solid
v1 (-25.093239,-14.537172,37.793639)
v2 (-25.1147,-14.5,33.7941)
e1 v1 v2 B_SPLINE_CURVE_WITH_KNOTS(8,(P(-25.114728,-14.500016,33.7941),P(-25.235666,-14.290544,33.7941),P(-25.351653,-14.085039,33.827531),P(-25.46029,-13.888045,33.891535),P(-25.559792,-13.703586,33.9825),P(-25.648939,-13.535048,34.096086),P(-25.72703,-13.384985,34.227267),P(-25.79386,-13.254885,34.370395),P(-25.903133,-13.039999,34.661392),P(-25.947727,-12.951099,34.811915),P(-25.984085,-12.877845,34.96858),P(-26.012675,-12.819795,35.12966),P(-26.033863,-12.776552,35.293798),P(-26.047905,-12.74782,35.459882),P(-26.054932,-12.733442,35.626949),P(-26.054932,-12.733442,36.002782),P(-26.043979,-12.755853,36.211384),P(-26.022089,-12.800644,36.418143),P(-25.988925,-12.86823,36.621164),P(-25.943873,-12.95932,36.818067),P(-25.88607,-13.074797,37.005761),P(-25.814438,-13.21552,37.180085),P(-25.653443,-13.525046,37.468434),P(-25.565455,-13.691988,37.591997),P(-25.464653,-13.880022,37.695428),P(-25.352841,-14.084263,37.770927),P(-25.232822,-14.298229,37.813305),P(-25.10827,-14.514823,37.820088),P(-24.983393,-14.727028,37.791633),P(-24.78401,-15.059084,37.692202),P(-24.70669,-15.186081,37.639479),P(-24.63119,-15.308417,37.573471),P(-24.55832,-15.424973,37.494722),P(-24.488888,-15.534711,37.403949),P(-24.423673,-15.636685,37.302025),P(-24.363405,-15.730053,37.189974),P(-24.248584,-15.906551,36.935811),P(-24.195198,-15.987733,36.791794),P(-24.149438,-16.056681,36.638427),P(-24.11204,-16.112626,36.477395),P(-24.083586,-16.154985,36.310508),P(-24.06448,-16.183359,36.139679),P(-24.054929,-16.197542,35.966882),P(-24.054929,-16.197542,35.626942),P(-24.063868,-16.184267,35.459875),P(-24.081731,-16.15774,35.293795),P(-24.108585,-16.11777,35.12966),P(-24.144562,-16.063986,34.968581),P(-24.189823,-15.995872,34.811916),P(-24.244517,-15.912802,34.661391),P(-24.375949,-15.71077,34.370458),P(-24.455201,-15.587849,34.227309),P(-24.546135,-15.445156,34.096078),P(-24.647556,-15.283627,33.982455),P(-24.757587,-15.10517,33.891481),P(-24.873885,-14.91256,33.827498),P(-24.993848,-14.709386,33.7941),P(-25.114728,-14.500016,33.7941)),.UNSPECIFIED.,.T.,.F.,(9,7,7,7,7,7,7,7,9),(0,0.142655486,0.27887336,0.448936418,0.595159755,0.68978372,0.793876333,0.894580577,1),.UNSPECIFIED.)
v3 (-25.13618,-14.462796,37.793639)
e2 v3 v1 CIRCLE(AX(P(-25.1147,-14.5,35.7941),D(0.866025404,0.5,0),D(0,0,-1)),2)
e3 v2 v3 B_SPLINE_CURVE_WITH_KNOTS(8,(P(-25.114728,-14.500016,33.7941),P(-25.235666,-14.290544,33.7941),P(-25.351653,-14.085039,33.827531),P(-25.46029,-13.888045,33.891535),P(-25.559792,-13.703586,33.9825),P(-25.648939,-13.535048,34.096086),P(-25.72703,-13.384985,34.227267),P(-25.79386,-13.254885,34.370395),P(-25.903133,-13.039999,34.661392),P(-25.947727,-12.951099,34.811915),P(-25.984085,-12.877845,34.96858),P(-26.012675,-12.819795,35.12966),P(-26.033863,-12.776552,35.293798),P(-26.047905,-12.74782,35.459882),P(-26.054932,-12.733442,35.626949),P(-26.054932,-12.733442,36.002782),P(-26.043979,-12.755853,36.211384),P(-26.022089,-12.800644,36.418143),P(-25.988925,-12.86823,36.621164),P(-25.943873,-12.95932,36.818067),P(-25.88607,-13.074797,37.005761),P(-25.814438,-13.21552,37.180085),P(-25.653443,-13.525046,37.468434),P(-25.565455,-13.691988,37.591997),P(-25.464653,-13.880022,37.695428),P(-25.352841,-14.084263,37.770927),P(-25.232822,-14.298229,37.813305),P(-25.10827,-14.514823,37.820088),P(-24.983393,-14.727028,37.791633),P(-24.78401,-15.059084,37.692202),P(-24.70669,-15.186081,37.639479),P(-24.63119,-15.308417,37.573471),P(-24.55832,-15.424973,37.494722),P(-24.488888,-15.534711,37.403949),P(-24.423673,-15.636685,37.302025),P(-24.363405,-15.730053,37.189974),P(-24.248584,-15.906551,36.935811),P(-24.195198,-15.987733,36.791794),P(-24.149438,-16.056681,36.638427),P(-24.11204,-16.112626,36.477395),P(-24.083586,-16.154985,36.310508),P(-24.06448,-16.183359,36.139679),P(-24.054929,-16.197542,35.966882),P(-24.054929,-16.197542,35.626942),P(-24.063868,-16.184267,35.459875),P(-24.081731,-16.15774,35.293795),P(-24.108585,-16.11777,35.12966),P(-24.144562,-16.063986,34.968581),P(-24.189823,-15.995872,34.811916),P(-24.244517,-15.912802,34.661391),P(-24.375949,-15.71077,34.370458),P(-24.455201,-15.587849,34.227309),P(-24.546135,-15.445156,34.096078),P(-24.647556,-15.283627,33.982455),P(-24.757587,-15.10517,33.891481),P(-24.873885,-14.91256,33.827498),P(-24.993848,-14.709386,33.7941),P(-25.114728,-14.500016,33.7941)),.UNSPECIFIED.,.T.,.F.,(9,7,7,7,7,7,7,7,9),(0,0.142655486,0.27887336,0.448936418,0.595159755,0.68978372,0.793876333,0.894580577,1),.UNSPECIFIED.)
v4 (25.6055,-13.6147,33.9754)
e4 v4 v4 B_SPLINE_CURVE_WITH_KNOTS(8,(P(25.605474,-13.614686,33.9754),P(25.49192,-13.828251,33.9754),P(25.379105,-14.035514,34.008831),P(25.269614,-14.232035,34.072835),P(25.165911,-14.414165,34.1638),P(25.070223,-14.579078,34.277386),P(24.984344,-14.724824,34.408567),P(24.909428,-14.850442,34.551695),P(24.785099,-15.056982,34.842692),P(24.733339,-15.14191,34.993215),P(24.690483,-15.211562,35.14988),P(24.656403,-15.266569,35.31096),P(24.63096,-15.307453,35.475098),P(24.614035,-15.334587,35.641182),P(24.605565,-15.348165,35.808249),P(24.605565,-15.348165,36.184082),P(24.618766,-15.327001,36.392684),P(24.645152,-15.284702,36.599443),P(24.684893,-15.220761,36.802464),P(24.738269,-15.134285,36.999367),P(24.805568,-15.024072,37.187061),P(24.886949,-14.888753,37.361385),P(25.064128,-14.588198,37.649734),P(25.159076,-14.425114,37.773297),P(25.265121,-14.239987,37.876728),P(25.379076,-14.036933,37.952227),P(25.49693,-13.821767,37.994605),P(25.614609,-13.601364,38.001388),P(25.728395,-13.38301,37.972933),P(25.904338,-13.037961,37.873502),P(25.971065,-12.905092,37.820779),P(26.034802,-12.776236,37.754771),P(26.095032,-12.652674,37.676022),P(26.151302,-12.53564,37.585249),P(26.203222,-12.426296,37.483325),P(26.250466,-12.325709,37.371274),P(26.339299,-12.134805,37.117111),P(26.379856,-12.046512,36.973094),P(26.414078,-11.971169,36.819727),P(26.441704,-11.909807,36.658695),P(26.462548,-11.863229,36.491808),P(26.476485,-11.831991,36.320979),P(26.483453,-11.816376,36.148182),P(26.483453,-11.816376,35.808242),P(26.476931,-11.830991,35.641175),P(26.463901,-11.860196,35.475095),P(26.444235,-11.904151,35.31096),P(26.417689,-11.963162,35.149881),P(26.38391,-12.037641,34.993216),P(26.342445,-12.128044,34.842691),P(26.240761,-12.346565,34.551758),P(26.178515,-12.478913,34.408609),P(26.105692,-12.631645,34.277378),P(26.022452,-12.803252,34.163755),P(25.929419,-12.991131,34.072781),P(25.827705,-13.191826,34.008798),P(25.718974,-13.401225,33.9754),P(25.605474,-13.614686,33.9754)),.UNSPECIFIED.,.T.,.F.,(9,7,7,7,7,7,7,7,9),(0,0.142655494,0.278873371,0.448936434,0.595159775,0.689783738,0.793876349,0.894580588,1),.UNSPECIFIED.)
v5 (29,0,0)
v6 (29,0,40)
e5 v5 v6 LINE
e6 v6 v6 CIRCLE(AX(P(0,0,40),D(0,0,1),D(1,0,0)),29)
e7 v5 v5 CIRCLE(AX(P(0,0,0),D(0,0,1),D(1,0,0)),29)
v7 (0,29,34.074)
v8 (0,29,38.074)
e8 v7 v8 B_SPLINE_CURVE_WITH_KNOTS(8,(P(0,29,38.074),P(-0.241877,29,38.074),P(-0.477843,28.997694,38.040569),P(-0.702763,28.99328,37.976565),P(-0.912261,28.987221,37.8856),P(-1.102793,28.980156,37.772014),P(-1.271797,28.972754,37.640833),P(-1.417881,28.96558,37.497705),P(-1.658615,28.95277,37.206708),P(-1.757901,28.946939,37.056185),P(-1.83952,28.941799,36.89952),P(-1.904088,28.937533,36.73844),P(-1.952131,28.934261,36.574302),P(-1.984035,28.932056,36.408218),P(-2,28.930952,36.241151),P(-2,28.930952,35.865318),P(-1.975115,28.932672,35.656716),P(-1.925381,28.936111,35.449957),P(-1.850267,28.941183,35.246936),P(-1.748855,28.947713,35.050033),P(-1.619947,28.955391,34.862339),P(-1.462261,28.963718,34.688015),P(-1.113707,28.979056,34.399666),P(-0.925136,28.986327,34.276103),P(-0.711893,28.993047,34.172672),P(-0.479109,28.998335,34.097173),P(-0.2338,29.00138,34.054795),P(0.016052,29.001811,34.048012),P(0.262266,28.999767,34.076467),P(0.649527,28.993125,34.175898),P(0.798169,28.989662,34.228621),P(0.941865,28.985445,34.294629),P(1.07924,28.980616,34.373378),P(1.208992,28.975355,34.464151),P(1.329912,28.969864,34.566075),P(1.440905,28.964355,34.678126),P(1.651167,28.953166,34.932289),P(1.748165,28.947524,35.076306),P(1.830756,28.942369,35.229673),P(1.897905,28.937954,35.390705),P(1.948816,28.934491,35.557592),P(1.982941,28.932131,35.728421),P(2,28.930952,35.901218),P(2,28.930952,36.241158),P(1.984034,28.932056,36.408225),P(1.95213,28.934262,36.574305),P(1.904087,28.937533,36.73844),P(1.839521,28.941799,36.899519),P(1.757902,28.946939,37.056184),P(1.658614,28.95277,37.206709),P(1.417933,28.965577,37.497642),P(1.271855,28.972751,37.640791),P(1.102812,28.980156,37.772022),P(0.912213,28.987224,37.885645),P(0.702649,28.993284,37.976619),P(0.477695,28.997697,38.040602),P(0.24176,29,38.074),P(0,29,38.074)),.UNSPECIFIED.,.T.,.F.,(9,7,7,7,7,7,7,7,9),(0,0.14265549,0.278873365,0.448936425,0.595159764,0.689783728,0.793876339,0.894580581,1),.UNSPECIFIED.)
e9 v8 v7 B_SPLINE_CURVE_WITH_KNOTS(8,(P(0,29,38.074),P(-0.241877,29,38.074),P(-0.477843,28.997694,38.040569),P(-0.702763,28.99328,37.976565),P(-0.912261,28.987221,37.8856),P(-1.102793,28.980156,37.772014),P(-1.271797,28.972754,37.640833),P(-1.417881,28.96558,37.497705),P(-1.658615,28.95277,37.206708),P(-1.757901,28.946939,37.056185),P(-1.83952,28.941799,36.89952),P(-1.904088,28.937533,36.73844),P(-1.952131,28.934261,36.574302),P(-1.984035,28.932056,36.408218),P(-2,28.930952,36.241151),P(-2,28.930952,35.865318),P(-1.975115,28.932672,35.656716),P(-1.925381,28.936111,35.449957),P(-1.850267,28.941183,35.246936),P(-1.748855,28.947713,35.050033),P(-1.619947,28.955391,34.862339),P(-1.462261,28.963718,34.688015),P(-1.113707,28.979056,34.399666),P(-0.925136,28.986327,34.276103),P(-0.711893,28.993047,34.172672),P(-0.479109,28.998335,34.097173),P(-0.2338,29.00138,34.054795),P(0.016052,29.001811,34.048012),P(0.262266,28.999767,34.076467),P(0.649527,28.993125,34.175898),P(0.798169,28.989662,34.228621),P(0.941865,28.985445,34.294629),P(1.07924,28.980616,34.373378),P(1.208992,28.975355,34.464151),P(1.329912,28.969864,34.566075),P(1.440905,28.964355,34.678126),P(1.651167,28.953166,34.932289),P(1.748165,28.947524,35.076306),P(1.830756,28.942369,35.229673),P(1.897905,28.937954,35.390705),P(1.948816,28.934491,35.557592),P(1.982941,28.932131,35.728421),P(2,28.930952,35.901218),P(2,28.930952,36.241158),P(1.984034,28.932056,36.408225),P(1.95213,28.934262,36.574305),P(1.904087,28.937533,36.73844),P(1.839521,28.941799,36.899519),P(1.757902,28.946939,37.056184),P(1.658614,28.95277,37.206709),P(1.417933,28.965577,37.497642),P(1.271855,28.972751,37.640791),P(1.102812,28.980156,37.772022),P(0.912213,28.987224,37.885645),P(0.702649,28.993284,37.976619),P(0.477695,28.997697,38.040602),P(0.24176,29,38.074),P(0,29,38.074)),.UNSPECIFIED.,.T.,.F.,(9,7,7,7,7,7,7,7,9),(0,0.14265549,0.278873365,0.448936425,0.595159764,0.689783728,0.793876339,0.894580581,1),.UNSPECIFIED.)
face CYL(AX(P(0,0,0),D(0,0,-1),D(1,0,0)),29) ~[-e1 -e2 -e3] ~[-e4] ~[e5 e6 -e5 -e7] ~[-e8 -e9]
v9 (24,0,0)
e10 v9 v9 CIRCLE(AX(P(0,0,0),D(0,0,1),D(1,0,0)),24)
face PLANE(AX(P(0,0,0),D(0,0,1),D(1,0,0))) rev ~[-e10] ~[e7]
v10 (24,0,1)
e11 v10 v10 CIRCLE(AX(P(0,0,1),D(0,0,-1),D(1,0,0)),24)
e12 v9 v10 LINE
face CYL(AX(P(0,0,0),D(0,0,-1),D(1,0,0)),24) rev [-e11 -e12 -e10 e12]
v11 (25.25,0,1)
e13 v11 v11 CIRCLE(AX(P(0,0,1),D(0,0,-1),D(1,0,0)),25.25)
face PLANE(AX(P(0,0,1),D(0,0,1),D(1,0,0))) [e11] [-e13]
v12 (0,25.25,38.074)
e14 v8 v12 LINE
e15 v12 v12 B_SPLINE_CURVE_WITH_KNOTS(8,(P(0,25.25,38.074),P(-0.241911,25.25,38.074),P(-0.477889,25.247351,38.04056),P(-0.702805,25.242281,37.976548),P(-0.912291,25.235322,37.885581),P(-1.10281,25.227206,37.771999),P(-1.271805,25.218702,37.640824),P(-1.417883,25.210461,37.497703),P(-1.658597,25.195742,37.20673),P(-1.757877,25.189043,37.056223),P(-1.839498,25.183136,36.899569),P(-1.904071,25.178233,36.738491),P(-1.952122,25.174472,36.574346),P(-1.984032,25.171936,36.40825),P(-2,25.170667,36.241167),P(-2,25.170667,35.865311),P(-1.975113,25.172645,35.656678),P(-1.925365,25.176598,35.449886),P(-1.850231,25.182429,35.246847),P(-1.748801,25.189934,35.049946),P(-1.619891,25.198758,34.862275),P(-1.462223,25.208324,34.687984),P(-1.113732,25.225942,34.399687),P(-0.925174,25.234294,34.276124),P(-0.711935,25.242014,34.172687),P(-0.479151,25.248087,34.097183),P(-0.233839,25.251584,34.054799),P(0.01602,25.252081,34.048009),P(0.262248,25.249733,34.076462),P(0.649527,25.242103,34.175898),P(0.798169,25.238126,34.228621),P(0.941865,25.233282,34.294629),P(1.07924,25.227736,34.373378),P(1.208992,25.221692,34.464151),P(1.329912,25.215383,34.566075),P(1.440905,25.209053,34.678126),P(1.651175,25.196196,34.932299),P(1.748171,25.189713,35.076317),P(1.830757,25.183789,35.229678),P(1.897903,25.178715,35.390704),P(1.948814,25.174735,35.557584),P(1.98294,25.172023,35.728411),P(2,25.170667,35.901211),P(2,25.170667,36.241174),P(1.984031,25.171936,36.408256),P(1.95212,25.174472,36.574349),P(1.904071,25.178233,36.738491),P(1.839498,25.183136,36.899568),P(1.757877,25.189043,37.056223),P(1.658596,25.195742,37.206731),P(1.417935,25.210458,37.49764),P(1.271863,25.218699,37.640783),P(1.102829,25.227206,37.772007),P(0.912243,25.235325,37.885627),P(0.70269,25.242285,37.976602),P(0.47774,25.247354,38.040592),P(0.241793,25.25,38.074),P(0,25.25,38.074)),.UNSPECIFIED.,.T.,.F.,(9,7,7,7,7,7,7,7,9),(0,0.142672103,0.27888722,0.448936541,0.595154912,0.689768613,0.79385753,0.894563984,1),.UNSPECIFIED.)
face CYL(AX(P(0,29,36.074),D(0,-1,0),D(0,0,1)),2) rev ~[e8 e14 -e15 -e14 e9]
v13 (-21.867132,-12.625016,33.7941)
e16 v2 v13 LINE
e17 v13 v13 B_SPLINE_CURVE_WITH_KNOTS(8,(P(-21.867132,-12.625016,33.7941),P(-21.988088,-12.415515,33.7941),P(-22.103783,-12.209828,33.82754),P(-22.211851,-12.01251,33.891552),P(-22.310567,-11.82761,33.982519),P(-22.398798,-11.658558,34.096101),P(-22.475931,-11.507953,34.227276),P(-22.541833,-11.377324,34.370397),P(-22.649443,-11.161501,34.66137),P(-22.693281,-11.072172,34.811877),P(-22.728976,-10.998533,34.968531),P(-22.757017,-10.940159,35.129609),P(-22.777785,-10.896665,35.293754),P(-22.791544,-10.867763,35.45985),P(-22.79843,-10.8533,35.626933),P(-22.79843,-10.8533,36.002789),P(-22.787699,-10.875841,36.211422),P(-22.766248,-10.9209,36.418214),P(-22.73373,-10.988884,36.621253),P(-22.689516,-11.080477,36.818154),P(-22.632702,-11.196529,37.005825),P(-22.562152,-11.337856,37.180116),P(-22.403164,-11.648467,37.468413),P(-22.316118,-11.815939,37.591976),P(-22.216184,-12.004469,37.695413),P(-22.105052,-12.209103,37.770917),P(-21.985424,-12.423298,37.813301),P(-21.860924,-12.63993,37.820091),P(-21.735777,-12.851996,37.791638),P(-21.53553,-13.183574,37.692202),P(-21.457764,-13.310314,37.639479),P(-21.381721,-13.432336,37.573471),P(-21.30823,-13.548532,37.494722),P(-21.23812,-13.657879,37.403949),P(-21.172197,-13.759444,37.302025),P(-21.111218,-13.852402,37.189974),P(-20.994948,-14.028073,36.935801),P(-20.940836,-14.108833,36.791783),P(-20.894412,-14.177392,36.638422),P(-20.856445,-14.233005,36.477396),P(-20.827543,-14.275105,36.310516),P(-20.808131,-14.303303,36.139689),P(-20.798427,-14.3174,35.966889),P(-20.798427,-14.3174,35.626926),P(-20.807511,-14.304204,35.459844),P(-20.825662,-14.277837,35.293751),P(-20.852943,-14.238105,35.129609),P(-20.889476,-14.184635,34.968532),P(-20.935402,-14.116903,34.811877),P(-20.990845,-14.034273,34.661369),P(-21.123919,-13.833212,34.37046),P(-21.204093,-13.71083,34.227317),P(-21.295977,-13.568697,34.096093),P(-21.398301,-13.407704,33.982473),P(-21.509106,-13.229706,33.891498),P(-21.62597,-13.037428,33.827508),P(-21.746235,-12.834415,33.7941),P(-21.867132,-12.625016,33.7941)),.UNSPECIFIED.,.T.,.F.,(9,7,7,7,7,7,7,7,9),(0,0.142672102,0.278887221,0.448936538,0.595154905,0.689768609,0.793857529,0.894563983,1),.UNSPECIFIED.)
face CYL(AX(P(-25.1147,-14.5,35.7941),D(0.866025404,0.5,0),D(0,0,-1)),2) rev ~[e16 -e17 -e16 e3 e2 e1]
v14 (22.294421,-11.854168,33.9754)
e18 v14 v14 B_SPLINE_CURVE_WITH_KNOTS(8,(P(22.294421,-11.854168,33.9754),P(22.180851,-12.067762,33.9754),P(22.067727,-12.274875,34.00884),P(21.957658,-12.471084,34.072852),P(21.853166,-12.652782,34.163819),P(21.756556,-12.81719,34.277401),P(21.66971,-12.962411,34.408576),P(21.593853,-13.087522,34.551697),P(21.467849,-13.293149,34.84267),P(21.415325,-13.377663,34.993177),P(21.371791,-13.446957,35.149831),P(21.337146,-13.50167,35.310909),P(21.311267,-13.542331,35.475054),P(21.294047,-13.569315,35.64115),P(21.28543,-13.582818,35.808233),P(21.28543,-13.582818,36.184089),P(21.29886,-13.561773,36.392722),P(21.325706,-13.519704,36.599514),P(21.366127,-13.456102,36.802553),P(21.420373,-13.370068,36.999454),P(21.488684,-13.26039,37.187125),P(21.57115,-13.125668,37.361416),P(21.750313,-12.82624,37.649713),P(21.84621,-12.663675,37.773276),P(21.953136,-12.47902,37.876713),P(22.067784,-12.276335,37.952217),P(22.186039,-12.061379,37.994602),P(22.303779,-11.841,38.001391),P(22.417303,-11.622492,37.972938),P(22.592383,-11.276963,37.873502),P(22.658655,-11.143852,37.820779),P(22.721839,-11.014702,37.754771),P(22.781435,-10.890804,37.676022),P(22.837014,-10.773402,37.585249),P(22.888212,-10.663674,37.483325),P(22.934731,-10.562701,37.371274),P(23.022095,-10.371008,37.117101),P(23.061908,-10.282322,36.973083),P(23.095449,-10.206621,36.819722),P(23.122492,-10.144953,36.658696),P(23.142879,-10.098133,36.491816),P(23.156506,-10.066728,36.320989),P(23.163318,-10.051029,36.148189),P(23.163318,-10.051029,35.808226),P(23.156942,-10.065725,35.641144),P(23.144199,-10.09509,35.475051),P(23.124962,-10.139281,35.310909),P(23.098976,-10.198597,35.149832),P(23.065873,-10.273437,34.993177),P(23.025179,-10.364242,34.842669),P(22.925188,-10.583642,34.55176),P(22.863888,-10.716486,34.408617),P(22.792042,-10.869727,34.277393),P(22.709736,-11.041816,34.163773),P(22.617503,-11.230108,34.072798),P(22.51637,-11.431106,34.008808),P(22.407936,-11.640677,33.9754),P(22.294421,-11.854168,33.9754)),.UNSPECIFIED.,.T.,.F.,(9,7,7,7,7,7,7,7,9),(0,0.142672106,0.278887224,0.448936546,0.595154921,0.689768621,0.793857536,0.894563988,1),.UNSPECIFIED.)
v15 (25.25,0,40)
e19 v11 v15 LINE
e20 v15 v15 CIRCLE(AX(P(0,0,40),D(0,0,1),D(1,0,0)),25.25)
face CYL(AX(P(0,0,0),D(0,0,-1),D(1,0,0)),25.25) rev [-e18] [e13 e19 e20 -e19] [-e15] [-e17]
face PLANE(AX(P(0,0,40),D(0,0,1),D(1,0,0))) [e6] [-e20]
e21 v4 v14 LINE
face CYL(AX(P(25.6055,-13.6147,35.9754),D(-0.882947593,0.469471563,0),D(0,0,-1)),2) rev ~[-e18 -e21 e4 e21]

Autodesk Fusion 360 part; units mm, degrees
sketch "Adapter Sketch" plane through (0, 0, 0) normal (0, 0, 1) x (1, 0, 0)
  circle A0 centre (0, 0) radius 25.25
  circle A1 centre (0, 0) radius 29
  circle A2 centre (0, 0) radius 24
  line L0 (25.0221, -14.4721) -> (0.0222, 28.9059)
  line L1 (0.0222, 28.9059) -> (-25.0443, -14.4337)
  line L2 (-25.0443, -14.4337) -> (25.0221, -14.4721)
  dimension "d1" = 50.5
  dimension "d2" = 58
  dimension "d3" = 48
extrude "Extrude1" add sketch "Adapter Sketch" along normal blind 1 contours A0 A2 L0 | A0 A2 L0 L1 | A0 A2 L0 L2 | A0 A2 L1 | A0 A2 L2 | A0 A2 L1 L2
extrude "Extrude2" add sketch "Adapter Sketch" along normal blind 40 contours A0 L0 L1 | A0 L0 L2 | A0 L1 L2 | A1
hole "Hole1" at (25.6055, -13.6147, 35.9754) direction (-0.8829, 0.4695, 0) diameter 4 depth 5 tip angle 180
hole "Hole2" at (-25.1147, -14.5, 35.7941) direction (0.866, 0.5, 0) diameter 4 depth 5 tip angle 180
hole "Hole3" at (0, 29, 36.074) direction (0, -1, 0) diameter 4 depth 5 tip angle 180
